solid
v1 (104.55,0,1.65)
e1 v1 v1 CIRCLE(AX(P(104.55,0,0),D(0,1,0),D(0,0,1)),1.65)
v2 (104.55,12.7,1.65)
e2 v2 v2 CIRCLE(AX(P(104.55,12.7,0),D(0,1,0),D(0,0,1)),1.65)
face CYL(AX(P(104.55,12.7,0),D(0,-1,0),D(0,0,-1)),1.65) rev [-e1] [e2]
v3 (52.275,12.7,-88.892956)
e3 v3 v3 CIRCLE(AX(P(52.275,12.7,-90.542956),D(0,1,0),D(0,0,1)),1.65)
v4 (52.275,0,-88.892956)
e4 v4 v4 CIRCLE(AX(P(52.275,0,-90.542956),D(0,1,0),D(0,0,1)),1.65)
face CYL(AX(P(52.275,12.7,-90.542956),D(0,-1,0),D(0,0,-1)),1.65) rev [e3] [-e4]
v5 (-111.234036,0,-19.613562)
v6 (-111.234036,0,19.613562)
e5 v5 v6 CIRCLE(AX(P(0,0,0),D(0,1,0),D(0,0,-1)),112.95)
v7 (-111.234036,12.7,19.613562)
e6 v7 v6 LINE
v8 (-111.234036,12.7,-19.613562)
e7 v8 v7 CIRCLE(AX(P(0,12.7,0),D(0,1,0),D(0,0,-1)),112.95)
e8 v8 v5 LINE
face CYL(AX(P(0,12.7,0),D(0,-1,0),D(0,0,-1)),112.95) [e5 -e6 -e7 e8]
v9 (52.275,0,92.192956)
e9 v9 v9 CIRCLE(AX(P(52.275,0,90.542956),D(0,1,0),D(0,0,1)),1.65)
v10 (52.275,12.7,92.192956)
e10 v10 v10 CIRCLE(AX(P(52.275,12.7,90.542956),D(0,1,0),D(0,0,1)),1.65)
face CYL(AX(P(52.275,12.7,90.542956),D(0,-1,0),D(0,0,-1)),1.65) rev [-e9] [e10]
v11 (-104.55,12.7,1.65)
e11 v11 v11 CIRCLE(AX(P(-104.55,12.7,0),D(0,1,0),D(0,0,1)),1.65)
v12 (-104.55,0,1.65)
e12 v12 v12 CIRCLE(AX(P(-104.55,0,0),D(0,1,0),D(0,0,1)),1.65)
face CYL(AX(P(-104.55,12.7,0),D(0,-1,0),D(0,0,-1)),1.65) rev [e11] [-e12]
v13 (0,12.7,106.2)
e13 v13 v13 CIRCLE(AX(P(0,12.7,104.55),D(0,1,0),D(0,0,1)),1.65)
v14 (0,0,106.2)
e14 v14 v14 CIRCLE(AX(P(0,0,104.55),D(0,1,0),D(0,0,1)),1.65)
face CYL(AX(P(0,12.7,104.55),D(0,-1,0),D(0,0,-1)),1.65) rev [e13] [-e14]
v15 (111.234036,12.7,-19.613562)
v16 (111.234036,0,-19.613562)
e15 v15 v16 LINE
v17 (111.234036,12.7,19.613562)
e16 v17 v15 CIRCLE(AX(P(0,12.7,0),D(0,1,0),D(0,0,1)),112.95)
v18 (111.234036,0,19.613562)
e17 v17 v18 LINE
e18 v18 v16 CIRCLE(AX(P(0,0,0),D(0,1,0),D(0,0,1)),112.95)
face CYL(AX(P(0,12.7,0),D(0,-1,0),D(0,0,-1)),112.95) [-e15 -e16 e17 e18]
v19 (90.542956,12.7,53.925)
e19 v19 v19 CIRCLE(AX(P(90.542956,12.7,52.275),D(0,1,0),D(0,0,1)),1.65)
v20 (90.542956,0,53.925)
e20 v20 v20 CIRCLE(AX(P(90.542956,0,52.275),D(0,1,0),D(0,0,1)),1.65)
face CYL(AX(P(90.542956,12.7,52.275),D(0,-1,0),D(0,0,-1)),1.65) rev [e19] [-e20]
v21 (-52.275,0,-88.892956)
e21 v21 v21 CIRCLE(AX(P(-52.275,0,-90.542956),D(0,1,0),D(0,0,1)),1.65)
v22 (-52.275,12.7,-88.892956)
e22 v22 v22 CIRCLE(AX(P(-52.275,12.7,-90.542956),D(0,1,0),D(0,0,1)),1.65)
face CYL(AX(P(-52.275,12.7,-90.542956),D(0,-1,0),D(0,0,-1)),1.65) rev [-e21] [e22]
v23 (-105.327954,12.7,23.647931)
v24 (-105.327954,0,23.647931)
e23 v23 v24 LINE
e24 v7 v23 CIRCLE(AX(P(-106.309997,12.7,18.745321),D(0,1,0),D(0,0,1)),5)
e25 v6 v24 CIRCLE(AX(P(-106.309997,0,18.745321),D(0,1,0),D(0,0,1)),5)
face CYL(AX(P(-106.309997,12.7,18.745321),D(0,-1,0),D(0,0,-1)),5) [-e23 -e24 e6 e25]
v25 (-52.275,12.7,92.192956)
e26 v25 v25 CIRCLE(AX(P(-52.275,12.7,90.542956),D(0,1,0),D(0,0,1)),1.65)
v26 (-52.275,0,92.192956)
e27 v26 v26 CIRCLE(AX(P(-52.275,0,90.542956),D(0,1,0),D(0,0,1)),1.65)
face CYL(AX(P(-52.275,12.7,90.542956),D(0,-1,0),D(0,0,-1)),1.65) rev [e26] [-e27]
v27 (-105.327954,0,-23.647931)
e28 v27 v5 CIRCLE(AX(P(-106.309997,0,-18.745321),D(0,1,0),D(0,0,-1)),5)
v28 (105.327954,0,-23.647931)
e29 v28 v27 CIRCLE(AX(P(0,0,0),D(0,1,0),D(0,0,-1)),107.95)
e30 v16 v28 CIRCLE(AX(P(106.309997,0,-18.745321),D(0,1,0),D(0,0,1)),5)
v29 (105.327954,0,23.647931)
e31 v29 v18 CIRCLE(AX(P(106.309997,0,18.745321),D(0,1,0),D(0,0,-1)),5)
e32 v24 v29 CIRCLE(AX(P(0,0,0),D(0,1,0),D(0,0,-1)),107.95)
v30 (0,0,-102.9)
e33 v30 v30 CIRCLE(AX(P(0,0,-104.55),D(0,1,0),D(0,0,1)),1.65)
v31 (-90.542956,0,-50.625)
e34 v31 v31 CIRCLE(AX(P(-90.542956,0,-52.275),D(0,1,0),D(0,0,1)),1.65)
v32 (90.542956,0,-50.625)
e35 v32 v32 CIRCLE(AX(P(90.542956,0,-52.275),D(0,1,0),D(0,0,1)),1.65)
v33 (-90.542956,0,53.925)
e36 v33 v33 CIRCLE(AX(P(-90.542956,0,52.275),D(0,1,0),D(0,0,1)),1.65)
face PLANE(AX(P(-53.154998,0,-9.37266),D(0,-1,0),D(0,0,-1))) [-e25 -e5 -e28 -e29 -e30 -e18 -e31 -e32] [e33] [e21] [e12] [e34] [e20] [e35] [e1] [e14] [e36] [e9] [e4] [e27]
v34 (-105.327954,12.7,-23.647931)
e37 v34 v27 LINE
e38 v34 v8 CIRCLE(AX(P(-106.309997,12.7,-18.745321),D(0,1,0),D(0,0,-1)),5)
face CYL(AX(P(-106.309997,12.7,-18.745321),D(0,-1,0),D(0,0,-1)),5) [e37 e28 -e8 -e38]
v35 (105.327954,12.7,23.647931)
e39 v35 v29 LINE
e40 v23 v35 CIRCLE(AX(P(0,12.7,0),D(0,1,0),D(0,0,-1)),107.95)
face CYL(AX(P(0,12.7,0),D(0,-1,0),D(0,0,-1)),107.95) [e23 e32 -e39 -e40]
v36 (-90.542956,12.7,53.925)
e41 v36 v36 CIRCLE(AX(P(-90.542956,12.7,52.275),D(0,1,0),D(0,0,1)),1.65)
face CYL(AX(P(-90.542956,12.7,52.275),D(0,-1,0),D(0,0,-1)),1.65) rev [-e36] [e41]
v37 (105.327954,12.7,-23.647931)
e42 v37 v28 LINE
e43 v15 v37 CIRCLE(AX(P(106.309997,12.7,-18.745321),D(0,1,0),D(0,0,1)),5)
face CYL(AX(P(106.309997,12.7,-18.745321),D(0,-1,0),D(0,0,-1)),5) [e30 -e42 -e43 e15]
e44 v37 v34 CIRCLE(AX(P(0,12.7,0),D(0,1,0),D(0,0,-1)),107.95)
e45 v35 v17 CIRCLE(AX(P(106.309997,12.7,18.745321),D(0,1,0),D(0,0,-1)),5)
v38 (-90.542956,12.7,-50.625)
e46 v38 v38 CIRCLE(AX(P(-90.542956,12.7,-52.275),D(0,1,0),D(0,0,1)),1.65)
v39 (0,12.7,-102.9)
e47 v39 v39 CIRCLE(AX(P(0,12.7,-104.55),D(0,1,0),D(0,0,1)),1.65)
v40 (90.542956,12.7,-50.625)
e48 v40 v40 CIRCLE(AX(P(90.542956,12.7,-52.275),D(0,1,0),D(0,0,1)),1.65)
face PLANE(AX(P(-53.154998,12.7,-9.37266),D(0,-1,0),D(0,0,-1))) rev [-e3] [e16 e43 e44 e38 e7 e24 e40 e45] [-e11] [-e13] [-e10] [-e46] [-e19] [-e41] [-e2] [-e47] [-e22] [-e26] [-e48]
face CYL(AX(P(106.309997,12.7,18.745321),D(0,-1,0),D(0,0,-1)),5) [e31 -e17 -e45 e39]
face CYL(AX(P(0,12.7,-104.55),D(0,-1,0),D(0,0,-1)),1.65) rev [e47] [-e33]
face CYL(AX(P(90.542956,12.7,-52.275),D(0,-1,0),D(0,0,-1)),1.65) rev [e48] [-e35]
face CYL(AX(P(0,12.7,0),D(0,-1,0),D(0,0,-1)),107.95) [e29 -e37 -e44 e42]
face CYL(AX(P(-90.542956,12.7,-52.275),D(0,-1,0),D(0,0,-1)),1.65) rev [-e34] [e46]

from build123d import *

# Parameters (mm, degrees)
SKETCH1_R           = 1.65
BOSS_EXTRUDE1_DEPTH = 12.7


with BuildPart() as part:
    # Sketch1 → Boss-Extrude1 (new body)
    with BuildSketch(Plane(origin=(0, 0, 0), x_dir=(1, 0, 0), z_dir=(0, 1, 0))):
        with BuildLine():
            ThreePointArc((-111.234035703, -19.613561667), (-112.95, 0), (-111.234035703, 19.613561667))
            ThreePointArc((-111.234035703, 19.613561667), (-109.13025705, 22.87401705), (-105.327953741, 23.647931427))
            ThreePointArc((-105.327953741, 23.647931427), (0, 107.95), (105.327953741, 23.647931427))
            ThreePointArc((105.327953741, 23.647931427), (109.13025705, 22.87401705), (111.234035703, 19.613561667))
            ThreePointArc((111.234035703, 19.613561667), (112.95, 0), (111.234035703, -19.613561667))
            ThreePointArc((111.234035703, -19.613561667), (109.13025705, -22.87401705), (105.327953741, -23.647931427))
            ThreePointArc((105.327953741, -23.647931427), (0, -107.95), (-105.327953741, -23.647931427))
            ThreePointArc((-105.327953741, -23.647931427), (-109.13025705, -22.87401705), (-111.234035703, -19.613561667))
        make_face()
        with Locations(Location((0, 104.55, 0), (0, 0, 270))):
            Circle(SKETCH1_R, mode=Mode.SUBTRACT)
        with Locations(Location((52.275, 90.542955966, 0), (0, 0, 270))):
            Circle(SKETCH1_R, mode=Mode.SUBTRACT)
        with Locations(Location((90.542955966, 52.275, 0), (0, 0, 270))):
            Circle(SKETCH1_R, mode=Mode.SUBTRACT)
        with Locations(Location((104.55, 0, 0), (0, 0, 270))):
            Circle(SKETCH1_R, mode=Mode.SUBTRACT)
        with Locations(Location((90.542955966, -52.275, 0), (0, 0, 270))):
            Circle(SKETCH1_R, mode=Mode.SUBTRACT)
        with Locations(Location((52.275, -90.542955966, 0), (0, 0, 270))):
            Circle(SKETCH1_R, mode=Mode.SUBTRACT)
        with Locations(Location((0, -104.55, 0), (0, 0, 270))):
            Circle(SKETCH1_R, mode=Mode.SUBTRACT)
        with Locations(Location((-52.275, -90.542955966, 0), (0, 0, 270))):
            Circle(SKETCH1_R, mode=Mode.SUBTRACT)
        with Locations(Location((-90.542955966, -52.275, 0), (0, 0, 270))):
            Circle(SKETCH1_R, mode=Mode.SUBTRACT)
        with Locations(Location((-104.55, 0, 0), (0, 0, 270))):
            Circle(SKETCH1_R, mode=Mode.SUBTRACT)
        with Locations(Location((-90.542955966, 52.275, 0), (0, 0, 270))):
            Circle(SKETCH1_R, mode=Mode.SUBTRACT)
        with Locations(Location((-52.275, 90.542955966, 0), (0, 0, 270))):
            Circle(SKETCH1_R, mode=Mode.SUBTRACT)
    extrude(amount=BOSS_EXTRUDE1_DEPTH)


solid = part.part
